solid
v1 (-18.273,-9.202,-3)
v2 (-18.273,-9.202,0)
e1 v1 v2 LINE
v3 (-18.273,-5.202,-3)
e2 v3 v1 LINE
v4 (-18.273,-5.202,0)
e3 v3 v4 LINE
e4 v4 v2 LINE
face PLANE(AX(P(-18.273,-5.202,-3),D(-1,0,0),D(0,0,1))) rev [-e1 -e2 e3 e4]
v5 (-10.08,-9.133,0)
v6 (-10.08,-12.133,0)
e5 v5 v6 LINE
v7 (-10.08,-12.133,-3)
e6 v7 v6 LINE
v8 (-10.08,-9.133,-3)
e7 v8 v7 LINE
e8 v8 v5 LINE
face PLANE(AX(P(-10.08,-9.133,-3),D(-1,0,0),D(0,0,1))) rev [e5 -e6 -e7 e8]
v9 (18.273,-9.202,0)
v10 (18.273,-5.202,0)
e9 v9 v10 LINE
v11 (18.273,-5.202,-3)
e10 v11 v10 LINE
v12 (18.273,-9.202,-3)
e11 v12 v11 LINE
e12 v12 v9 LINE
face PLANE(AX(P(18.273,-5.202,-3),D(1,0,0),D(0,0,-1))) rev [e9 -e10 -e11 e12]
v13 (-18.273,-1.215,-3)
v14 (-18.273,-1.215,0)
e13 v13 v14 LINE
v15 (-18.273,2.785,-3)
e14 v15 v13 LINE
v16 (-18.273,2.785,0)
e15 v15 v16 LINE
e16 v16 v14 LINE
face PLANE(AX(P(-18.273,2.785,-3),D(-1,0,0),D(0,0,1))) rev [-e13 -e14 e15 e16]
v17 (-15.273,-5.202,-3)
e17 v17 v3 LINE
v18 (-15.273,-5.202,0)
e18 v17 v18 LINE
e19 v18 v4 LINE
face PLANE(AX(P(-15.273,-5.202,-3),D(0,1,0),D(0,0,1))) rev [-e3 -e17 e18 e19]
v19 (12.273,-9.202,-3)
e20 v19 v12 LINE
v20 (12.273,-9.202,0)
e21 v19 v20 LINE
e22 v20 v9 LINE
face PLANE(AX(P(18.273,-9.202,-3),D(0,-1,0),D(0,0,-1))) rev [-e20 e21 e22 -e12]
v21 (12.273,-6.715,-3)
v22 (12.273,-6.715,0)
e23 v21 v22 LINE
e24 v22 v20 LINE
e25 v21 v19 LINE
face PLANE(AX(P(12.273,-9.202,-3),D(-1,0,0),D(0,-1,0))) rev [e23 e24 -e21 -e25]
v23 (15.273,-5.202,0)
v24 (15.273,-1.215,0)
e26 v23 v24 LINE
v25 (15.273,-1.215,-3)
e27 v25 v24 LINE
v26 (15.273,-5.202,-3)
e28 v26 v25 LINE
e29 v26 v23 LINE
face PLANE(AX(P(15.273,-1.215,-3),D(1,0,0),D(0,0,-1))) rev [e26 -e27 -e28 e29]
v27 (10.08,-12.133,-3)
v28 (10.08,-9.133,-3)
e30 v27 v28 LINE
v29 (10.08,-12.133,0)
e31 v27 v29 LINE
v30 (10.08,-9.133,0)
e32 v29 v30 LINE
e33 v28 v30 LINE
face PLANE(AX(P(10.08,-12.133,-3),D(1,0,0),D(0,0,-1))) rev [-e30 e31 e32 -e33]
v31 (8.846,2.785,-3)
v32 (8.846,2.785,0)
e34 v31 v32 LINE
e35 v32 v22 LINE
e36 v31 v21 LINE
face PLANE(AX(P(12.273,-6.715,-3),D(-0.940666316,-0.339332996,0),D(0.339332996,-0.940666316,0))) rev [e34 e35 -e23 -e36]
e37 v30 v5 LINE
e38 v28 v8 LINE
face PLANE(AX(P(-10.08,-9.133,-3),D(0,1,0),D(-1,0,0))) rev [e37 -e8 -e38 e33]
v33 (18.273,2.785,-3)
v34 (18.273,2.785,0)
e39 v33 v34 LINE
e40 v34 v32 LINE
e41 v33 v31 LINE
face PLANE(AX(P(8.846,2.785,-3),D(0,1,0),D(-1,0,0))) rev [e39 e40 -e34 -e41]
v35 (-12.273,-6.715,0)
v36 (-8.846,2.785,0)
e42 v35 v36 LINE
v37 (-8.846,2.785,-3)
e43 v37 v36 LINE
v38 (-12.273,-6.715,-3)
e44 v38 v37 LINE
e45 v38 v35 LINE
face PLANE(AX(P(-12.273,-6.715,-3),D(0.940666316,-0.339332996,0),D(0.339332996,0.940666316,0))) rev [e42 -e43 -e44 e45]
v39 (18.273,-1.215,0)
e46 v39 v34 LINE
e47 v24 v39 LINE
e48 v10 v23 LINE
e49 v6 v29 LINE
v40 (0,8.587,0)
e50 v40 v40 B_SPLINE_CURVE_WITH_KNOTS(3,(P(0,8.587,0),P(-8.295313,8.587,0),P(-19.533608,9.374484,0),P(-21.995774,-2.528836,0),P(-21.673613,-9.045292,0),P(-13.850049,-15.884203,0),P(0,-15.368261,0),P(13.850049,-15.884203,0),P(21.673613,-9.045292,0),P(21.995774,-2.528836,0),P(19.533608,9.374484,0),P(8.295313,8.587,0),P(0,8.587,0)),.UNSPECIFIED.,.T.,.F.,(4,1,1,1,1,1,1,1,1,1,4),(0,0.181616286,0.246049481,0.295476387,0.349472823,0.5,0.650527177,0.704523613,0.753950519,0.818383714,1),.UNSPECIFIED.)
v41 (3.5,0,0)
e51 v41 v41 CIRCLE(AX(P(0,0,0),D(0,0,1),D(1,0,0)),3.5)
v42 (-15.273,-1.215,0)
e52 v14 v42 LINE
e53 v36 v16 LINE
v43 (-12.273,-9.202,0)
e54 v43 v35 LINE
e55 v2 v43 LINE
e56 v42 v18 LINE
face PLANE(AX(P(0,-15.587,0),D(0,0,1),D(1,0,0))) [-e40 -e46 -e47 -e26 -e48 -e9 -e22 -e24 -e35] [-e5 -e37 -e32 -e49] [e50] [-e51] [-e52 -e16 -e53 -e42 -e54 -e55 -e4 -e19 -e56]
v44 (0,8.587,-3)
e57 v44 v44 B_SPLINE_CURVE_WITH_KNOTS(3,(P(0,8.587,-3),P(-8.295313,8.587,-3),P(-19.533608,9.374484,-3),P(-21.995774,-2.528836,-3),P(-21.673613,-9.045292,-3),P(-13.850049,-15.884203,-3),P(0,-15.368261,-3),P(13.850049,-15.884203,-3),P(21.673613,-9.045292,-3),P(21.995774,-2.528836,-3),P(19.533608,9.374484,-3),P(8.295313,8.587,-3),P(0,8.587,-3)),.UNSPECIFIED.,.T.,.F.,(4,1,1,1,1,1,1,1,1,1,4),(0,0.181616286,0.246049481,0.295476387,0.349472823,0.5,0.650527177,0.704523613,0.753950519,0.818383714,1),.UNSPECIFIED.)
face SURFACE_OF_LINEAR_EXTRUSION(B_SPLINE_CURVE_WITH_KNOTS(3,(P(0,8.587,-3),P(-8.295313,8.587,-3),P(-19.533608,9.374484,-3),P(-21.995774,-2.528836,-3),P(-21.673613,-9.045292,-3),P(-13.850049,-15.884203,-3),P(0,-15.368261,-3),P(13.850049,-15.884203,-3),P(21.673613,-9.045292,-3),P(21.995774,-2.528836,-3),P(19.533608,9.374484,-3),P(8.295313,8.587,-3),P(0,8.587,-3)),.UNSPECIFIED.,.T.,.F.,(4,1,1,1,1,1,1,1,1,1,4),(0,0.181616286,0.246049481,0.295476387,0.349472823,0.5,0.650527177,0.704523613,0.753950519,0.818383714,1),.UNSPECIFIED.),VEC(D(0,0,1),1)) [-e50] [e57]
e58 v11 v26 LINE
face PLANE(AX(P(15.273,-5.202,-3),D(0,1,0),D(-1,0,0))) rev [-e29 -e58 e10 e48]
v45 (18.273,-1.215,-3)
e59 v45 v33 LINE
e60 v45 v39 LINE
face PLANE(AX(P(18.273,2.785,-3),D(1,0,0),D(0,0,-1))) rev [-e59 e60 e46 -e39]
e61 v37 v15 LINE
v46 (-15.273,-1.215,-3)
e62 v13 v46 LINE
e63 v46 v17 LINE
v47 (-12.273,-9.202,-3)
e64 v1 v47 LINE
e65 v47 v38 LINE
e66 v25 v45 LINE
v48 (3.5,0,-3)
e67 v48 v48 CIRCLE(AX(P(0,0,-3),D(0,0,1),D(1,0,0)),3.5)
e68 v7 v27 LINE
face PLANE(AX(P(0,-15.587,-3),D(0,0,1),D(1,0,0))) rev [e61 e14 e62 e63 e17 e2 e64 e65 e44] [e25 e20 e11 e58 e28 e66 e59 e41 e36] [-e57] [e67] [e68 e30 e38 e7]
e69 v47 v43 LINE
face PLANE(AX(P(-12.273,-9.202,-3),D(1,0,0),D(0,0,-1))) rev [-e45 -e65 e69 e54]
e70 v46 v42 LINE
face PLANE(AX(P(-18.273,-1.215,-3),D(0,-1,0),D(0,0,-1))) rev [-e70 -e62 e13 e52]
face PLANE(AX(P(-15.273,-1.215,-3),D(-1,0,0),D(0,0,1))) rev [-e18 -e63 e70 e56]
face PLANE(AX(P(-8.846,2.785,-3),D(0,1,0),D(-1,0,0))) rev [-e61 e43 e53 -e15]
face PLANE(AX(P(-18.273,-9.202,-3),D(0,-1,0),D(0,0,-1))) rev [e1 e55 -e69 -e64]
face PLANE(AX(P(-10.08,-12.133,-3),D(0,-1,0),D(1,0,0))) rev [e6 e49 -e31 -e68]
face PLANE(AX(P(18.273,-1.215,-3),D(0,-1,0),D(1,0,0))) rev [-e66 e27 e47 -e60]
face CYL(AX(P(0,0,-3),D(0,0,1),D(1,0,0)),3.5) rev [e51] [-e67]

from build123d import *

# Parameters (mm, degrees)
SKETCH1_R           = 3.5
SKETCH1_W           = 20.16
SKETCH1_H           = 3
BOSS_EXTRUDE1_DEPTH = 3


with BuildPart() as part:
    # Sketch1 → Boss-Extrude1 (new body)
    with BuildSketch(Plane.XY):
        with BuildLine():
            add(Edge.make_bspline(
                [(0, 8.587), (-8.295312862, 8.587), (-19.533608005, 9.374483524), (-21.995774121, -2.528835604), (-21.673613051, -9.045291624), (-13.850048986, -15.884203414), (0, -15.368261488), (13.850048986, -15.884203414), (21.673613051, -9.045291624), (21.995774121, -2.528835604), (19.533608005, 9.374483524), (8.295312862, 8.587), (0, 8.587)],
                knots=[0, 0, 0, 0, 0.181616286, 0.246049481, 0.295476387, 0.349472823, 0.5, 0.650527177, 0.704523613, 0.753950519, 0.818383714, 1, 1, 1, 1], degree=3))
        make_face()
        Circle(SKETCH1_R, mode=Mode.SUBTRACT)
        with Locations((0, -10.633)):
            Rectangle(SKETCH1_W, SKETCH1_H, mode=Mode.SUBTRACT)
        Polygon((-8.846, 2.785), (-18.273, 2.785), (-18.273, -1.215), (-15.273, -1.215), (-15.273, -5.202), (-18.273, -5.202), (-18.273, -9.202), (-12.273, -9.202), (-12.273, -6.715), align=None, mode=Mode.SUBTRACT)
        Polygon((12.273, -6.715), (8.846, 2.785), (18.273, 2.785), (18.273, -1.215), (15.273, -1.215), (15.273, -5.202), (18.273, -5.202), (18.273, -9.202), (12.273, -9.202), align=None, mode=Mode.SUBTRACT)
    extrude(amount=-BOSS_EXTRUDE1_DEPTH)


solid = part.part
